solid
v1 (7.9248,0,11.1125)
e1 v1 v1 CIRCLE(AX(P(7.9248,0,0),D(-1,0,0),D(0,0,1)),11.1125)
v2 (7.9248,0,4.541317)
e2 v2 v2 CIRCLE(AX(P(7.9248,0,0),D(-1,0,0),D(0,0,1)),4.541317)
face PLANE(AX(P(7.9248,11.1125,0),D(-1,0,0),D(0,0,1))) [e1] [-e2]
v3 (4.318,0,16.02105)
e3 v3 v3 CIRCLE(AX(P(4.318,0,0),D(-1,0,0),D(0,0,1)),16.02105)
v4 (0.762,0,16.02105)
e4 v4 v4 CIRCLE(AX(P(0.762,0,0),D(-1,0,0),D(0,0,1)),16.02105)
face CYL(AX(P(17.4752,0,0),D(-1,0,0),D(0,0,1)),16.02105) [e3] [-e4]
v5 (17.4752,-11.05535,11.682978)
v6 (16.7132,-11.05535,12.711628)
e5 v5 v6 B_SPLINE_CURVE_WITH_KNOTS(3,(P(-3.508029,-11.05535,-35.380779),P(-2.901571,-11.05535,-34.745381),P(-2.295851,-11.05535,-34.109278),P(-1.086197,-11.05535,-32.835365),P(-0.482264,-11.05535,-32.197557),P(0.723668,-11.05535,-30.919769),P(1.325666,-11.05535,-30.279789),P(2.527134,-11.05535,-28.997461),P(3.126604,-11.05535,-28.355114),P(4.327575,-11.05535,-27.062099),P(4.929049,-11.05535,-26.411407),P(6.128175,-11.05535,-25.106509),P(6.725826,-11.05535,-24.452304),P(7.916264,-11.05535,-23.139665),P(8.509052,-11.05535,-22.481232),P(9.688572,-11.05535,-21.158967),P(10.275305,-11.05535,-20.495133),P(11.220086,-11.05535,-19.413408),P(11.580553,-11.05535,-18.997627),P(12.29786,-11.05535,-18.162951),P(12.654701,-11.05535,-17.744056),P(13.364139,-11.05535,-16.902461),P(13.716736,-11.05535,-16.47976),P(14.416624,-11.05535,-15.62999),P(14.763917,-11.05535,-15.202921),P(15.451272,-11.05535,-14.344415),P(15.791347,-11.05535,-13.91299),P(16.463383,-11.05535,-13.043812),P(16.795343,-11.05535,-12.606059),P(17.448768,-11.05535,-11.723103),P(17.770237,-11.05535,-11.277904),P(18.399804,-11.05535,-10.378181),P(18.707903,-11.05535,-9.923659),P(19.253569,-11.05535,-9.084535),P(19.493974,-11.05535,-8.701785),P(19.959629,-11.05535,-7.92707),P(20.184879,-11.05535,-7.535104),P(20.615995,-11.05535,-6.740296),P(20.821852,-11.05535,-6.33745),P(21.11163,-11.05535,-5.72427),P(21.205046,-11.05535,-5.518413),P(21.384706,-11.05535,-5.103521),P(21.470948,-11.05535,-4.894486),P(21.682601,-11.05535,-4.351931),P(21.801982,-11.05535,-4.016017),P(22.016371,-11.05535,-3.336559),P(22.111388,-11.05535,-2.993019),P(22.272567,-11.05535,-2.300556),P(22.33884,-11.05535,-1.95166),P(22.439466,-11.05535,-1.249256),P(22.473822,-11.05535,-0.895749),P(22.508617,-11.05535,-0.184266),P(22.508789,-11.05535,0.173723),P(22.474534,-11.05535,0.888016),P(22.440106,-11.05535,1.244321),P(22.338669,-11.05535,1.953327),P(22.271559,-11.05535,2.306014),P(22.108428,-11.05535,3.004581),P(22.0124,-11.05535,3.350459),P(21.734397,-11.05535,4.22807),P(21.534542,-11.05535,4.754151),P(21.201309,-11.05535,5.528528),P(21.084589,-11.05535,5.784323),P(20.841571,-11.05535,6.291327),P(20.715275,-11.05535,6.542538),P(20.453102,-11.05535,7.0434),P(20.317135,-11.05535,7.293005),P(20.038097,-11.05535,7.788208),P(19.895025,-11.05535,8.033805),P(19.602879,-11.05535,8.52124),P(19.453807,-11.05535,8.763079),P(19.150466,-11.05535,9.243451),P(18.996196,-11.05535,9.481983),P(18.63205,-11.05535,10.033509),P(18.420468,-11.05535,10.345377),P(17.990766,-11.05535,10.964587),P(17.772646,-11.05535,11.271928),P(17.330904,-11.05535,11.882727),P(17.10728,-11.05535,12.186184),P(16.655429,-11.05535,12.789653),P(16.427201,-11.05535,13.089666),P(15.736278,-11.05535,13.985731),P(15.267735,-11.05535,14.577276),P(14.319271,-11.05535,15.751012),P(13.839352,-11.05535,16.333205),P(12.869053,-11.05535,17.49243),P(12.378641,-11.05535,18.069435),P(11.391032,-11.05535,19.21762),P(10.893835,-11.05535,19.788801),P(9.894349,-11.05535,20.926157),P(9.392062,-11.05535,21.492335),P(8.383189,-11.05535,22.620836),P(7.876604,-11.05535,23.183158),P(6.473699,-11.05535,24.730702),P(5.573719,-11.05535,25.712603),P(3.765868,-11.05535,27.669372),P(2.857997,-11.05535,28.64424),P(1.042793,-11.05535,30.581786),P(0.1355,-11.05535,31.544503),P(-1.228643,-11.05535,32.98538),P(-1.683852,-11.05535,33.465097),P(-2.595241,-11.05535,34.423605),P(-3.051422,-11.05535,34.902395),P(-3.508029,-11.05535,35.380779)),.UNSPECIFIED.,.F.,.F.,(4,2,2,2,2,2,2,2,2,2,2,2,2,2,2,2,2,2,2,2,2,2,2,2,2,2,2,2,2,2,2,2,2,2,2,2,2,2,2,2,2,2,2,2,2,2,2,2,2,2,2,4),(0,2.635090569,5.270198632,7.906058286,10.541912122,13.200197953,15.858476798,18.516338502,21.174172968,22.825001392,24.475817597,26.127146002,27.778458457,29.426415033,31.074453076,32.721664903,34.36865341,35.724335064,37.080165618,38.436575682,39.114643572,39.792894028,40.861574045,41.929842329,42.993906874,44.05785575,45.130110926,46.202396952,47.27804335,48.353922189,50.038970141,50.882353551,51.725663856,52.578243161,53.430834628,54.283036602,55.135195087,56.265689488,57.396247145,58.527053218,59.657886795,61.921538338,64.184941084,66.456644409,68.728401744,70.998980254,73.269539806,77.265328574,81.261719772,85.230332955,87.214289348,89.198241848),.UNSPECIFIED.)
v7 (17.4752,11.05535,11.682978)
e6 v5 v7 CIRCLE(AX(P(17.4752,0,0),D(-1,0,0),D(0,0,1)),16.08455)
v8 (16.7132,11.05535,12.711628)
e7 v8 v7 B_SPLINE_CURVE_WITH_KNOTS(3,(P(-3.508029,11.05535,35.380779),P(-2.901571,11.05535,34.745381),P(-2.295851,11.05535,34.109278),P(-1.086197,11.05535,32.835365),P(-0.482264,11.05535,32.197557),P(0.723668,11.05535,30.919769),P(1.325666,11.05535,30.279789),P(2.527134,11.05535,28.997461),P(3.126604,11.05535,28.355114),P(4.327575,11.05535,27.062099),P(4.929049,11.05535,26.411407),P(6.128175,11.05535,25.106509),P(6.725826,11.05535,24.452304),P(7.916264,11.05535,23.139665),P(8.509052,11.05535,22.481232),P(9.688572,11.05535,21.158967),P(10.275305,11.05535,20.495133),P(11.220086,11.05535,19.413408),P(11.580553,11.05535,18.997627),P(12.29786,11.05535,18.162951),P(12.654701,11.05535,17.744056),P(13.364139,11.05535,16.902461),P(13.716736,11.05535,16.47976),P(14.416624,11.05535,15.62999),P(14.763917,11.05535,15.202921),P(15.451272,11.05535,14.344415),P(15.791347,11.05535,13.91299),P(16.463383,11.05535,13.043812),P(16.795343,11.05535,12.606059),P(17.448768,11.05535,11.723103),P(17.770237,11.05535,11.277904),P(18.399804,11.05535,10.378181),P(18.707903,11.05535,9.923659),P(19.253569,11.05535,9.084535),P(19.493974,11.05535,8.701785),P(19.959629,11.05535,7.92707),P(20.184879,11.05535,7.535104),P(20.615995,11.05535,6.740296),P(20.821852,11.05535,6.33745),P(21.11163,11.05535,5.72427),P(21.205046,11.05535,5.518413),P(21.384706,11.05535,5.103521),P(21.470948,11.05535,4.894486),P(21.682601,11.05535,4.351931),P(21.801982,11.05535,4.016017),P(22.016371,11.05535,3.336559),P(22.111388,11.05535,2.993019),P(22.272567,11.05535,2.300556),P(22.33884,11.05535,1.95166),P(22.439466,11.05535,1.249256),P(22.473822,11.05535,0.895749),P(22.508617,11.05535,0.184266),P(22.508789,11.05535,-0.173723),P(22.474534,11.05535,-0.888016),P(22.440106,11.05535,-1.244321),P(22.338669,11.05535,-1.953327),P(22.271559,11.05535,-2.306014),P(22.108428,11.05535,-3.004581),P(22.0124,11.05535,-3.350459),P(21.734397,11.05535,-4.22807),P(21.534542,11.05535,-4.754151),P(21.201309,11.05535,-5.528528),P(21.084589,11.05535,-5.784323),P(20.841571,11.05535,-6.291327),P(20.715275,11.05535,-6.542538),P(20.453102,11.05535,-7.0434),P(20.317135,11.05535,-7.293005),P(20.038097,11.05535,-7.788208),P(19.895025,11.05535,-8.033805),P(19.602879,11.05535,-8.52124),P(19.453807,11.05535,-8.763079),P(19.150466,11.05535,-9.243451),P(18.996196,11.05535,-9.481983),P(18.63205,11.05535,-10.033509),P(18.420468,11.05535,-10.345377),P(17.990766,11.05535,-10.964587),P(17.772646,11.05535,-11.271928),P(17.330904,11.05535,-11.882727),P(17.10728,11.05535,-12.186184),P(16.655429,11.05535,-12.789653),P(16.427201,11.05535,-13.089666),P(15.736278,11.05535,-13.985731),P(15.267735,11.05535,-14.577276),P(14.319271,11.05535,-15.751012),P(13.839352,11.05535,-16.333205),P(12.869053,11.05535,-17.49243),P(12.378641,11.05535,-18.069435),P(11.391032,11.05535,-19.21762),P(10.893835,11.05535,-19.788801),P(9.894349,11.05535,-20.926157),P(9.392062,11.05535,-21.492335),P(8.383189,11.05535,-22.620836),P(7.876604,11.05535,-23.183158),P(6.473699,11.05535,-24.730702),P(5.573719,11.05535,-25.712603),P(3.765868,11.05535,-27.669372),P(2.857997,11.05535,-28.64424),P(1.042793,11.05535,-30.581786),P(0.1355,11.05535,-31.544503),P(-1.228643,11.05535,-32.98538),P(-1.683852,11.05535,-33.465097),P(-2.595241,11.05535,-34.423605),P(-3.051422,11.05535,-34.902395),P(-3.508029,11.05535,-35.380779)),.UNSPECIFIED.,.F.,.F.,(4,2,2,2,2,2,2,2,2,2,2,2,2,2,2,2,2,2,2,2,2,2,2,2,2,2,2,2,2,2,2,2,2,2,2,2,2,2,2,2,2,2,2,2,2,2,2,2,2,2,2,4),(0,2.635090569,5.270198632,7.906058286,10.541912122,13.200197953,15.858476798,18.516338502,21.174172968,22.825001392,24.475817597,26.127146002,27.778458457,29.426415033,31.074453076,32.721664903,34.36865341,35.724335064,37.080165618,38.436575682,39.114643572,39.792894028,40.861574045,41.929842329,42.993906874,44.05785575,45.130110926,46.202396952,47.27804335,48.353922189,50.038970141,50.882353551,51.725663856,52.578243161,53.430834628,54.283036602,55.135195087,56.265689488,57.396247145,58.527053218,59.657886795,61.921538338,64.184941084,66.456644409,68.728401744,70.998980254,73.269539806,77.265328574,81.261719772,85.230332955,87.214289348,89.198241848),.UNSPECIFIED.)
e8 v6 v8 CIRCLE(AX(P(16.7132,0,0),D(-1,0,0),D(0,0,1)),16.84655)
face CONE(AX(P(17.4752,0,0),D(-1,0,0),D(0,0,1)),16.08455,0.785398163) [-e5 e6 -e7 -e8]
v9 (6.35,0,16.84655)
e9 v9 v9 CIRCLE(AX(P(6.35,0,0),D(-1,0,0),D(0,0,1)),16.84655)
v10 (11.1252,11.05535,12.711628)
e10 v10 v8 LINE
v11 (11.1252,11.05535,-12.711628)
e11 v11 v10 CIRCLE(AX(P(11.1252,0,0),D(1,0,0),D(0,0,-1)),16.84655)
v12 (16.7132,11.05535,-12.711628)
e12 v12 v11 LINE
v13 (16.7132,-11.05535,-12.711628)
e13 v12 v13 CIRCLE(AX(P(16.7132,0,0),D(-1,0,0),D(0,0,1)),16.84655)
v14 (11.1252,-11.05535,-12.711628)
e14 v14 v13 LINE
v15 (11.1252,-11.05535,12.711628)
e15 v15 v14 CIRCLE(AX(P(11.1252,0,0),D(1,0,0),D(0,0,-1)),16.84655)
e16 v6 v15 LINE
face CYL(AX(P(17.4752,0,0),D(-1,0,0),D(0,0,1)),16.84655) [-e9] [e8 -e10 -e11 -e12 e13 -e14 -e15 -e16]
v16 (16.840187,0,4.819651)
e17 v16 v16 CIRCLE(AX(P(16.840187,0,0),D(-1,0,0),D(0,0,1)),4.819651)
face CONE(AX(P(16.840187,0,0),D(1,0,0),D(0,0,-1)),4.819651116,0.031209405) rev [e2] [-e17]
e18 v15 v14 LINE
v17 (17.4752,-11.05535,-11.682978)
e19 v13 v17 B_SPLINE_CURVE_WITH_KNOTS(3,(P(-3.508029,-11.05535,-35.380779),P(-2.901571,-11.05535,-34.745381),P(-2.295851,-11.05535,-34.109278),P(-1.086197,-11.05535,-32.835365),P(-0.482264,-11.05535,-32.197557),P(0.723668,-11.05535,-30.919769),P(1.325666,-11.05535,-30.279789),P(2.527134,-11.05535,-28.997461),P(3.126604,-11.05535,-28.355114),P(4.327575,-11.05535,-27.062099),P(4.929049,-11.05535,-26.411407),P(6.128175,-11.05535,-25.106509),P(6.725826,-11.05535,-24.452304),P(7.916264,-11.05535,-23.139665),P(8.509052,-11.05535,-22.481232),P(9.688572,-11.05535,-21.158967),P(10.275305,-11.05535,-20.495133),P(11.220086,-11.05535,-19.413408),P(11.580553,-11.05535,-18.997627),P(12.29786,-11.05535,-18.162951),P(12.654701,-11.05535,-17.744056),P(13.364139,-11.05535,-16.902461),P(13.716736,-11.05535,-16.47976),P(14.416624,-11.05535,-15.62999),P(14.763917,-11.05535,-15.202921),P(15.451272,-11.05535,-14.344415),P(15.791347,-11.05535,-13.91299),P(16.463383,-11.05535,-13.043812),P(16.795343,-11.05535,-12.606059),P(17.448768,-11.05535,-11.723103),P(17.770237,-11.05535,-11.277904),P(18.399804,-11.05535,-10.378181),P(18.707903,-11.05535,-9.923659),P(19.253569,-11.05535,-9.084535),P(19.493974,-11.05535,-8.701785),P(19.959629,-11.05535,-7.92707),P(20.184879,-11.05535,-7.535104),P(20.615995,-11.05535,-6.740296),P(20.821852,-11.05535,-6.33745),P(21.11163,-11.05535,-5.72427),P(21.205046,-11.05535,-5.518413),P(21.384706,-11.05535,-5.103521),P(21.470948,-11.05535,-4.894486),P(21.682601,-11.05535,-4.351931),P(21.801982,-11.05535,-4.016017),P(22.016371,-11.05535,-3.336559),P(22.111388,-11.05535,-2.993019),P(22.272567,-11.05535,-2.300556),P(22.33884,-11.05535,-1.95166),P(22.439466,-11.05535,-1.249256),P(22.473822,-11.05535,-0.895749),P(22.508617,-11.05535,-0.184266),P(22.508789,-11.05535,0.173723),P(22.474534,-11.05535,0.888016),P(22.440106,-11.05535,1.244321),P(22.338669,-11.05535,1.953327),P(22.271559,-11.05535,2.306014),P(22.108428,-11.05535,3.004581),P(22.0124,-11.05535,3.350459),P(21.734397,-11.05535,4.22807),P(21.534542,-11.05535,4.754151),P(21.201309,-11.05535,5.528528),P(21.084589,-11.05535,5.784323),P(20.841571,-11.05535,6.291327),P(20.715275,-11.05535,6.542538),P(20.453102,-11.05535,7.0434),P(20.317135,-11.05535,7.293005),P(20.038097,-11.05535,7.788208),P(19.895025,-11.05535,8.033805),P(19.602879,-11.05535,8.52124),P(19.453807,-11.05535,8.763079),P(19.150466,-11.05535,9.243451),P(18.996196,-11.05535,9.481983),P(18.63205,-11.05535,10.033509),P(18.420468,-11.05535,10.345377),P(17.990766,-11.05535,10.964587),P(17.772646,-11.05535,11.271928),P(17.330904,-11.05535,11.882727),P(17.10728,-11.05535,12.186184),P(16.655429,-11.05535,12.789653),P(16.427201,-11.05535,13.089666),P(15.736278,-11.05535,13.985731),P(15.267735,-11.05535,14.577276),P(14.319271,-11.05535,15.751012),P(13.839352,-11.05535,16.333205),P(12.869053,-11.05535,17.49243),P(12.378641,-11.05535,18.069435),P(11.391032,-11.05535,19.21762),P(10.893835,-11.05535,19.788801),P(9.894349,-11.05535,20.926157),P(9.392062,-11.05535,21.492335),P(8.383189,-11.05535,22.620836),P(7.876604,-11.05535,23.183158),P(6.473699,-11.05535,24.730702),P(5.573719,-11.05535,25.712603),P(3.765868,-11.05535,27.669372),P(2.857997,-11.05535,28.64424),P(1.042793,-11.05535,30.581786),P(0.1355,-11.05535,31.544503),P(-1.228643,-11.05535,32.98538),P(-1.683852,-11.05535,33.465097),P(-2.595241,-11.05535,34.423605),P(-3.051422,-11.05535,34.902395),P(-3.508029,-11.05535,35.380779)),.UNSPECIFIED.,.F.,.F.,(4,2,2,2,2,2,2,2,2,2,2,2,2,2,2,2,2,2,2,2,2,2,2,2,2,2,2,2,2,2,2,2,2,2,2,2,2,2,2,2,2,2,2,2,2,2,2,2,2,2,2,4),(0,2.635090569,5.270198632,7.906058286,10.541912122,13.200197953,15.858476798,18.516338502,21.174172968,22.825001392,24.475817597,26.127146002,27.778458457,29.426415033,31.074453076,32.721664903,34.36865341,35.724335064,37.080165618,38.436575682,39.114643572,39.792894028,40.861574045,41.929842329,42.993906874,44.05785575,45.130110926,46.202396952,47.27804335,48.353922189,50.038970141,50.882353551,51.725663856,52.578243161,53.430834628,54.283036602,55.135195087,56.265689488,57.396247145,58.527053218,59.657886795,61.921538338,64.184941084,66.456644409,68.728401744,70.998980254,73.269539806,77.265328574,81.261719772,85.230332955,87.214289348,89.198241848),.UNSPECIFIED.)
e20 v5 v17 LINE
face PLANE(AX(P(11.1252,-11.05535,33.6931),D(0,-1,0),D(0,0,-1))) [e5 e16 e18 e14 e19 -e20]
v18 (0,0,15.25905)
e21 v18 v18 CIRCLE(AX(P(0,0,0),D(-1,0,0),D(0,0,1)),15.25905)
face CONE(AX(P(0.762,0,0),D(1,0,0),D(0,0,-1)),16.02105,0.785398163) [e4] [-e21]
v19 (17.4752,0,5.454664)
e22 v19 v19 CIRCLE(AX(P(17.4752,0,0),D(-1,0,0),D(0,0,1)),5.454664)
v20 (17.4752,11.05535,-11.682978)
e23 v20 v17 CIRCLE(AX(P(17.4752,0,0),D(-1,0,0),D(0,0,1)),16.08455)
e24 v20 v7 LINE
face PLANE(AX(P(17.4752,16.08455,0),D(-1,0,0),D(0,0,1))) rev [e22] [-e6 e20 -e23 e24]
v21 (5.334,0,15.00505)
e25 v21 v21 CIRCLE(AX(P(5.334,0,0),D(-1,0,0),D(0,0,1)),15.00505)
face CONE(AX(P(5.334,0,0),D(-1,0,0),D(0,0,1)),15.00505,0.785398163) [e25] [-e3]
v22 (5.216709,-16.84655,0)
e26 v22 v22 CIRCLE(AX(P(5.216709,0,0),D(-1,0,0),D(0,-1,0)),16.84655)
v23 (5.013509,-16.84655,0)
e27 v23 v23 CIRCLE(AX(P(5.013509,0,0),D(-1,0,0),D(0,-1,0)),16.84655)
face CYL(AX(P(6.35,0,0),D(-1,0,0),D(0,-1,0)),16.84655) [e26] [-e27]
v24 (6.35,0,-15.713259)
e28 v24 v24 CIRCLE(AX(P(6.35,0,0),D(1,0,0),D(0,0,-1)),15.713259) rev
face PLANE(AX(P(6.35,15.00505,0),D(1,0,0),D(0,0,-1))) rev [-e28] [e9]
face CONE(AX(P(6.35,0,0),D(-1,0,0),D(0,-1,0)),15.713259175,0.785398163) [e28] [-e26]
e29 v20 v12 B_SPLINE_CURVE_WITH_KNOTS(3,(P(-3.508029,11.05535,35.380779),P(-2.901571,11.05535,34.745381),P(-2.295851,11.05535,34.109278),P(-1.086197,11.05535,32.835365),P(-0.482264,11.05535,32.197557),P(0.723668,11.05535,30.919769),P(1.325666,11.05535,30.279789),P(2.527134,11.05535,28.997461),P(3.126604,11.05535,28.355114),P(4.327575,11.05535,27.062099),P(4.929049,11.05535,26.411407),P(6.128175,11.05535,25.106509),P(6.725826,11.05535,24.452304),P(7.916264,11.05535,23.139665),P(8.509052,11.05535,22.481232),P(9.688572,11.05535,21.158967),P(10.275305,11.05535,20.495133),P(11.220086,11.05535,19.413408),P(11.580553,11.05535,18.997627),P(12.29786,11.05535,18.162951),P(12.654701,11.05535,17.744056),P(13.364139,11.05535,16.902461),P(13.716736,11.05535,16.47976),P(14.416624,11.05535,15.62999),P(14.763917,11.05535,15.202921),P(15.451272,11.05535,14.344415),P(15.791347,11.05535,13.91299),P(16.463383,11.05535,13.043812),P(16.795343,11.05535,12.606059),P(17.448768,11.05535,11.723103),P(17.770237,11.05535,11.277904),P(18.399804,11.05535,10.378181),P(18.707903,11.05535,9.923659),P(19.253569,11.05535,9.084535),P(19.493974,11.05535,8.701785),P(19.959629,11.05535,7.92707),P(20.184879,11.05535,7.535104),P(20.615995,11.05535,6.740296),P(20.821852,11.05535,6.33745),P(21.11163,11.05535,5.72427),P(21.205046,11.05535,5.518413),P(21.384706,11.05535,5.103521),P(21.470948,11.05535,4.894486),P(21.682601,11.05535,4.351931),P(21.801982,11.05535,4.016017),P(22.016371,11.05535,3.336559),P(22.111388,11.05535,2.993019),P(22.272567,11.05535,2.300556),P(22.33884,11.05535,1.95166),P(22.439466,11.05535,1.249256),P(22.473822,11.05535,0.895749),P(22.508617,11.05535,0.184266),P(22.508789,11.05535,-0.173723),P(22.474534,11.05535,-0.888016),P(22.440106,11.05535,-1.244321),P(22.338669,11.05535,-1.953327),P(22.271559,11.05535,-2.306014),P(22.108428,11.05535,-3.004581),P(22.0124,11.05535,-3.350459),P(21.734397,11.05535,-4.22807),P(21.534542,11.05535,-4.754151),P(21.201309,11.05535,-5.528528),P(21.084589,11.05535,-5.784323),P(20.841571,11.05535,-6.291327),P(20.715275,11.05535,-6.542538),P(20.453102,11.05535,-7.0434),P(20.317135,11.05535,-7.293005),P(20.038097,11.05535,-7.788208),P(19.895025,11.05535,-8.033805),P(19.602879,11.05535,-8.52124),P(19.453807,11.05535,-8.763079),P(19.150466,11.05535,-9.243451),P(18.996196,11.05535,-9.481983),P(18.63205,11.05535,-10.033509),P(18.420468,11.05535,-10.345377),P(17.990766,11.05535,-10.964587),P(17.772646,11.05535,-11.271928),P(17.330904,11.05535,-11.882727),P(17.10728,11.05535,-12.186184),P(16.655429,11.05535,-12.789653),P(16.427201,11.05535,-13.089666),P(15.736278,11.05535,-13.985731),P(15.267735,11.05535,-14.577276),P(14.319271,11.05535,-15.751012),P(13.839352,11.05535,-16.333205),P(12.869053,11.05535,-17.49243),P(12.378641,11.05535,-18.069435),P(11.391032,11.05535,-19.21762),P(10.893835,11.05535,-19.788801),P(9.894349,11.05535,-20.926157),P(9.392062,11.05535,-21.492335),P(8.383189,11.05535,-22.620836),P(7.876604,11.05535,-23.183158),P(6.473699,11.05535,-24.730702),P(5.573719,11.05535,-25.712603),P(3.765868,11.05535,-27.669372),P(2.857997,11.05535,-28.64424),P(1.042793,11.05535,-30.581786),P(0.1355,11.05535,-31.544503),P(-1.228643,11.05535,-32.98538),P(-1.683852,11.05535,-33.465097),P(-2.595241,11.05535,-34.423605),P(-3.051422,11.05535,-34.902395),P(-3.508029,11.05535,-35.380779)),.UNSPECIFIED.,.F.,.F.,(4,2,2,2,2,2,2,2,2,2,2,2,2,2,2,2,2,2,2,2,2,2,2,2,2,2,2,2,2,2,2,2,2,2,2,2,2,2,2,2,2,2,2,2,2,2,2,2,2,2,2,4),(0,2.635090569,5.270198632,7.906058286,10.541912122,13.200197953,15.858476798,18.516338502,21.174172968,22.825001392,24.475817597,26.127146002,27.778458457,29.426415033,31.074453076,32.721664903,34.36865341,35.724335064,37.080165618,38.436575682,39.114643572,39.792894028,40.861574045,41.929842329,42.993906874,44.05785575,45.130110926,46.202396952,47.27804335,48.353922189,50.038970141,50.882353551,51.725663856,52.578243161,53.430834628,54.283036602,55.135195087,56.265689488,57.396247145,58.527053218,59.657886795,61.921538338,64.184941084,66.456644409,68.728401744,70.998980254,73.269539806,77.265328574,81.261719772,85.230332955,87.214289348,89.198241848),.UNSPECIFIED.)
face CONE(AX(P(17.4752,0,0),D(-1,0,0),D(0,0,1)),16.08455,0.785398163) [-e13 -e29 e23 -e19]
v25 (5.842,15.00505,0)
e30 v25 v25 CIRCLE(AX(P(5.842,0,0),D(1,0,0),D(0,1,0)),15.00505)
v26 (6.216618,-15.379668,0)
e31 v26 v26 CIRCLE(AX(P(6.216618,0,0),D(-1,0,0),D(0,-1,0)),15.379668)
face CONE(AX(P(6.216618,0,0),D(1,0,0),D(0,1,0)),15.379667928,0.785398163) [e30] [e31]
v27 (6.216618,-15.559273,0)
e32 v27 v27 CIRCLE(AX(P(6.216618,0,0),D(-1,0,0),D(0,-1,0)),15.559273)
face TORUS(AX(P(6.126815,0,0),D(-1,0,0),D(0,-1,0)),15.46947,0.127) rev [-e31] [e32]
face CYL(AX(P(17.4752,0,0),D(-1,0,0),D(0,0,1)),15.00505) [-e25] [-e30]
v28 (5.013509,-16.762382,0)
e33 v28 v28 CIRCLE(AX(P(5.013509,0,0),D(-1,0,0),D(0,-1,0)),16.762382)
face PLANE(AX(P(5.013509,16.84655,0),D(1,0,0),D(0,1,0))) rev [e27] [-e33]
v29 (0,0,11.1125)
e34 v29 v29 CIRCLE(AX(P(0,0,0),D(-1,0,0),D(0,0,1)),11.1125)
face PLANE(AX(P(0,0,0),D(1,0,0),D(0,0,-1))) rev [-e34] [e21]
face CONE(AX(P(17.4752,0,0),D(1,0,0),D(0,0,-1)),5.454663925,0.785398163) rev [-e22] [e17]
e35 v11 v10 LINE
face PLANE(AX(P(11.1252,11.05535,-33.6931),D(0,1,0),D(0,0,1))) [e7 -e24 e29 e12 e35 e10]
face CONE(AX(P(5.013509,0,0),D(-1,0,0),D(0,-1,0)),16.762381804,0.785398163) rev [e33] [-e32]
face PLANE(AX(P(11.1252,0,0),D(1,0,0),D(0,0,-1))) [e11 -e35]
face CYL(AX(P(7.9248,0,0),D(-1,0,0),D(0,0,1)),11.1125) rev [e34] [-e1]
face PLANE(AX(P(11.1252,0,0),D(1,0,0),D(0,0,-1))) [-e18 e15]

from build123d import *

# Parameters (mm, degrees)
SKETCH3_W          = 134.7724
SKETCH3_H          = 67.3862
SKETCH3_W_2        = 67.3862
SKETCH3_H_2        = 22.1107
CUT_EXTRUDE1_DEPTH = 6.35
SKETCH4_W          = 7.9248
SKETCH4_H          = 11.1125


with BuildPart() as part:
    # Sketch1 → Revolve1 (revolve)
    with BuildSketch(Plane.XY):
        Polygon((0, 0), (0, 15.25905), (0.762, 16.02105), (4.318, 16.02105), (5.334, 15.00505), (6.35, 15.00505), (6.35, 16.84655), (16.7132, 16.84655), (17.4752, 16.08455), (17.4752, 0), align=None)
    revolve(axis=Axis((17.4752, 0, 0), (-1, 0, 0)))

    # Sketch2 → Cut-Revolve1 (revolve, cut)
    with BuildSketch(Plane.XY):
        Polygon((0, 0), (0, 4.3688), (2.398876108, 4.3688), (16.840187191, 4.819651116), (17.4752, 5.454663925), (17.4752, 0), align=None)
    revolve(axis=Axis((17.4752, 0, 0), (-1, 0, 0)), mode=Mode.SUBTRACT)

    # Sketch3 → Cut-Extrude1 (cut)
    with BuildSketch(Plane(origin=(17.4752, 0, 0), x_dir=(0, 0, -1), z_dir=(1, 0, 0))):
        Rectangle(SKETCH3_W, SKETCH3_H)
        Rectangle(SKETCH3_W_2, SKETCH3_H_2, mode=Mode.SUBTRACT)
    extrude(amount=-CUT_EXTRUDE1_DEPTH, mode=Mode.SUBTRACT)

    # Sketch4 → Cut-Revolve2 (revolve, cut)
    with BuildSketch(Plane.XY):
        with Locations((3.9624, 5.55625)):
            Rectangle(SKETCH4_W, SKETCH4_H)
    revolve(axis=Axis((7.9248, 0, 0), (-1, 0, 0)), mode=Mode.SUBTRACT)

    # Sketch5 → Revolve2 (revolve)
    with BuildSketch(Plane.XY):
        with BuildLine():
            Line((5.013509175, 16.762381804), (6.216617928, 15.559273051))
            ThreePointArc((6.216617928, 15.559273051), (6.253815367, 15.46947049), (6.216617928, 15.379667928))
            Line((6.216617928, 15.379667928), (5.842, 15.00505))
            Line((5.842, 15.00505), (5.334, 15.00505))
            Line((5.334, 15.00505), (5.334, 14.75105))
            Line((5.334, 14.75105), (6.35, 14.75105))
            Line((6.35, 14.75105), (6.35, 15.713259175))
            Line((6.35, 15.713259175), (5.216709175, 16.84655))
            Line((5.216709175, 16.84655), (5.013509175, 16.84655))
            Line((5.013509175, 16.84655), (5.013509175, 16.762381804))
        make_face()
    revolve(axis=Axis((6.35, 0, 0), (-1, 0, 0)))


solid = part.part
